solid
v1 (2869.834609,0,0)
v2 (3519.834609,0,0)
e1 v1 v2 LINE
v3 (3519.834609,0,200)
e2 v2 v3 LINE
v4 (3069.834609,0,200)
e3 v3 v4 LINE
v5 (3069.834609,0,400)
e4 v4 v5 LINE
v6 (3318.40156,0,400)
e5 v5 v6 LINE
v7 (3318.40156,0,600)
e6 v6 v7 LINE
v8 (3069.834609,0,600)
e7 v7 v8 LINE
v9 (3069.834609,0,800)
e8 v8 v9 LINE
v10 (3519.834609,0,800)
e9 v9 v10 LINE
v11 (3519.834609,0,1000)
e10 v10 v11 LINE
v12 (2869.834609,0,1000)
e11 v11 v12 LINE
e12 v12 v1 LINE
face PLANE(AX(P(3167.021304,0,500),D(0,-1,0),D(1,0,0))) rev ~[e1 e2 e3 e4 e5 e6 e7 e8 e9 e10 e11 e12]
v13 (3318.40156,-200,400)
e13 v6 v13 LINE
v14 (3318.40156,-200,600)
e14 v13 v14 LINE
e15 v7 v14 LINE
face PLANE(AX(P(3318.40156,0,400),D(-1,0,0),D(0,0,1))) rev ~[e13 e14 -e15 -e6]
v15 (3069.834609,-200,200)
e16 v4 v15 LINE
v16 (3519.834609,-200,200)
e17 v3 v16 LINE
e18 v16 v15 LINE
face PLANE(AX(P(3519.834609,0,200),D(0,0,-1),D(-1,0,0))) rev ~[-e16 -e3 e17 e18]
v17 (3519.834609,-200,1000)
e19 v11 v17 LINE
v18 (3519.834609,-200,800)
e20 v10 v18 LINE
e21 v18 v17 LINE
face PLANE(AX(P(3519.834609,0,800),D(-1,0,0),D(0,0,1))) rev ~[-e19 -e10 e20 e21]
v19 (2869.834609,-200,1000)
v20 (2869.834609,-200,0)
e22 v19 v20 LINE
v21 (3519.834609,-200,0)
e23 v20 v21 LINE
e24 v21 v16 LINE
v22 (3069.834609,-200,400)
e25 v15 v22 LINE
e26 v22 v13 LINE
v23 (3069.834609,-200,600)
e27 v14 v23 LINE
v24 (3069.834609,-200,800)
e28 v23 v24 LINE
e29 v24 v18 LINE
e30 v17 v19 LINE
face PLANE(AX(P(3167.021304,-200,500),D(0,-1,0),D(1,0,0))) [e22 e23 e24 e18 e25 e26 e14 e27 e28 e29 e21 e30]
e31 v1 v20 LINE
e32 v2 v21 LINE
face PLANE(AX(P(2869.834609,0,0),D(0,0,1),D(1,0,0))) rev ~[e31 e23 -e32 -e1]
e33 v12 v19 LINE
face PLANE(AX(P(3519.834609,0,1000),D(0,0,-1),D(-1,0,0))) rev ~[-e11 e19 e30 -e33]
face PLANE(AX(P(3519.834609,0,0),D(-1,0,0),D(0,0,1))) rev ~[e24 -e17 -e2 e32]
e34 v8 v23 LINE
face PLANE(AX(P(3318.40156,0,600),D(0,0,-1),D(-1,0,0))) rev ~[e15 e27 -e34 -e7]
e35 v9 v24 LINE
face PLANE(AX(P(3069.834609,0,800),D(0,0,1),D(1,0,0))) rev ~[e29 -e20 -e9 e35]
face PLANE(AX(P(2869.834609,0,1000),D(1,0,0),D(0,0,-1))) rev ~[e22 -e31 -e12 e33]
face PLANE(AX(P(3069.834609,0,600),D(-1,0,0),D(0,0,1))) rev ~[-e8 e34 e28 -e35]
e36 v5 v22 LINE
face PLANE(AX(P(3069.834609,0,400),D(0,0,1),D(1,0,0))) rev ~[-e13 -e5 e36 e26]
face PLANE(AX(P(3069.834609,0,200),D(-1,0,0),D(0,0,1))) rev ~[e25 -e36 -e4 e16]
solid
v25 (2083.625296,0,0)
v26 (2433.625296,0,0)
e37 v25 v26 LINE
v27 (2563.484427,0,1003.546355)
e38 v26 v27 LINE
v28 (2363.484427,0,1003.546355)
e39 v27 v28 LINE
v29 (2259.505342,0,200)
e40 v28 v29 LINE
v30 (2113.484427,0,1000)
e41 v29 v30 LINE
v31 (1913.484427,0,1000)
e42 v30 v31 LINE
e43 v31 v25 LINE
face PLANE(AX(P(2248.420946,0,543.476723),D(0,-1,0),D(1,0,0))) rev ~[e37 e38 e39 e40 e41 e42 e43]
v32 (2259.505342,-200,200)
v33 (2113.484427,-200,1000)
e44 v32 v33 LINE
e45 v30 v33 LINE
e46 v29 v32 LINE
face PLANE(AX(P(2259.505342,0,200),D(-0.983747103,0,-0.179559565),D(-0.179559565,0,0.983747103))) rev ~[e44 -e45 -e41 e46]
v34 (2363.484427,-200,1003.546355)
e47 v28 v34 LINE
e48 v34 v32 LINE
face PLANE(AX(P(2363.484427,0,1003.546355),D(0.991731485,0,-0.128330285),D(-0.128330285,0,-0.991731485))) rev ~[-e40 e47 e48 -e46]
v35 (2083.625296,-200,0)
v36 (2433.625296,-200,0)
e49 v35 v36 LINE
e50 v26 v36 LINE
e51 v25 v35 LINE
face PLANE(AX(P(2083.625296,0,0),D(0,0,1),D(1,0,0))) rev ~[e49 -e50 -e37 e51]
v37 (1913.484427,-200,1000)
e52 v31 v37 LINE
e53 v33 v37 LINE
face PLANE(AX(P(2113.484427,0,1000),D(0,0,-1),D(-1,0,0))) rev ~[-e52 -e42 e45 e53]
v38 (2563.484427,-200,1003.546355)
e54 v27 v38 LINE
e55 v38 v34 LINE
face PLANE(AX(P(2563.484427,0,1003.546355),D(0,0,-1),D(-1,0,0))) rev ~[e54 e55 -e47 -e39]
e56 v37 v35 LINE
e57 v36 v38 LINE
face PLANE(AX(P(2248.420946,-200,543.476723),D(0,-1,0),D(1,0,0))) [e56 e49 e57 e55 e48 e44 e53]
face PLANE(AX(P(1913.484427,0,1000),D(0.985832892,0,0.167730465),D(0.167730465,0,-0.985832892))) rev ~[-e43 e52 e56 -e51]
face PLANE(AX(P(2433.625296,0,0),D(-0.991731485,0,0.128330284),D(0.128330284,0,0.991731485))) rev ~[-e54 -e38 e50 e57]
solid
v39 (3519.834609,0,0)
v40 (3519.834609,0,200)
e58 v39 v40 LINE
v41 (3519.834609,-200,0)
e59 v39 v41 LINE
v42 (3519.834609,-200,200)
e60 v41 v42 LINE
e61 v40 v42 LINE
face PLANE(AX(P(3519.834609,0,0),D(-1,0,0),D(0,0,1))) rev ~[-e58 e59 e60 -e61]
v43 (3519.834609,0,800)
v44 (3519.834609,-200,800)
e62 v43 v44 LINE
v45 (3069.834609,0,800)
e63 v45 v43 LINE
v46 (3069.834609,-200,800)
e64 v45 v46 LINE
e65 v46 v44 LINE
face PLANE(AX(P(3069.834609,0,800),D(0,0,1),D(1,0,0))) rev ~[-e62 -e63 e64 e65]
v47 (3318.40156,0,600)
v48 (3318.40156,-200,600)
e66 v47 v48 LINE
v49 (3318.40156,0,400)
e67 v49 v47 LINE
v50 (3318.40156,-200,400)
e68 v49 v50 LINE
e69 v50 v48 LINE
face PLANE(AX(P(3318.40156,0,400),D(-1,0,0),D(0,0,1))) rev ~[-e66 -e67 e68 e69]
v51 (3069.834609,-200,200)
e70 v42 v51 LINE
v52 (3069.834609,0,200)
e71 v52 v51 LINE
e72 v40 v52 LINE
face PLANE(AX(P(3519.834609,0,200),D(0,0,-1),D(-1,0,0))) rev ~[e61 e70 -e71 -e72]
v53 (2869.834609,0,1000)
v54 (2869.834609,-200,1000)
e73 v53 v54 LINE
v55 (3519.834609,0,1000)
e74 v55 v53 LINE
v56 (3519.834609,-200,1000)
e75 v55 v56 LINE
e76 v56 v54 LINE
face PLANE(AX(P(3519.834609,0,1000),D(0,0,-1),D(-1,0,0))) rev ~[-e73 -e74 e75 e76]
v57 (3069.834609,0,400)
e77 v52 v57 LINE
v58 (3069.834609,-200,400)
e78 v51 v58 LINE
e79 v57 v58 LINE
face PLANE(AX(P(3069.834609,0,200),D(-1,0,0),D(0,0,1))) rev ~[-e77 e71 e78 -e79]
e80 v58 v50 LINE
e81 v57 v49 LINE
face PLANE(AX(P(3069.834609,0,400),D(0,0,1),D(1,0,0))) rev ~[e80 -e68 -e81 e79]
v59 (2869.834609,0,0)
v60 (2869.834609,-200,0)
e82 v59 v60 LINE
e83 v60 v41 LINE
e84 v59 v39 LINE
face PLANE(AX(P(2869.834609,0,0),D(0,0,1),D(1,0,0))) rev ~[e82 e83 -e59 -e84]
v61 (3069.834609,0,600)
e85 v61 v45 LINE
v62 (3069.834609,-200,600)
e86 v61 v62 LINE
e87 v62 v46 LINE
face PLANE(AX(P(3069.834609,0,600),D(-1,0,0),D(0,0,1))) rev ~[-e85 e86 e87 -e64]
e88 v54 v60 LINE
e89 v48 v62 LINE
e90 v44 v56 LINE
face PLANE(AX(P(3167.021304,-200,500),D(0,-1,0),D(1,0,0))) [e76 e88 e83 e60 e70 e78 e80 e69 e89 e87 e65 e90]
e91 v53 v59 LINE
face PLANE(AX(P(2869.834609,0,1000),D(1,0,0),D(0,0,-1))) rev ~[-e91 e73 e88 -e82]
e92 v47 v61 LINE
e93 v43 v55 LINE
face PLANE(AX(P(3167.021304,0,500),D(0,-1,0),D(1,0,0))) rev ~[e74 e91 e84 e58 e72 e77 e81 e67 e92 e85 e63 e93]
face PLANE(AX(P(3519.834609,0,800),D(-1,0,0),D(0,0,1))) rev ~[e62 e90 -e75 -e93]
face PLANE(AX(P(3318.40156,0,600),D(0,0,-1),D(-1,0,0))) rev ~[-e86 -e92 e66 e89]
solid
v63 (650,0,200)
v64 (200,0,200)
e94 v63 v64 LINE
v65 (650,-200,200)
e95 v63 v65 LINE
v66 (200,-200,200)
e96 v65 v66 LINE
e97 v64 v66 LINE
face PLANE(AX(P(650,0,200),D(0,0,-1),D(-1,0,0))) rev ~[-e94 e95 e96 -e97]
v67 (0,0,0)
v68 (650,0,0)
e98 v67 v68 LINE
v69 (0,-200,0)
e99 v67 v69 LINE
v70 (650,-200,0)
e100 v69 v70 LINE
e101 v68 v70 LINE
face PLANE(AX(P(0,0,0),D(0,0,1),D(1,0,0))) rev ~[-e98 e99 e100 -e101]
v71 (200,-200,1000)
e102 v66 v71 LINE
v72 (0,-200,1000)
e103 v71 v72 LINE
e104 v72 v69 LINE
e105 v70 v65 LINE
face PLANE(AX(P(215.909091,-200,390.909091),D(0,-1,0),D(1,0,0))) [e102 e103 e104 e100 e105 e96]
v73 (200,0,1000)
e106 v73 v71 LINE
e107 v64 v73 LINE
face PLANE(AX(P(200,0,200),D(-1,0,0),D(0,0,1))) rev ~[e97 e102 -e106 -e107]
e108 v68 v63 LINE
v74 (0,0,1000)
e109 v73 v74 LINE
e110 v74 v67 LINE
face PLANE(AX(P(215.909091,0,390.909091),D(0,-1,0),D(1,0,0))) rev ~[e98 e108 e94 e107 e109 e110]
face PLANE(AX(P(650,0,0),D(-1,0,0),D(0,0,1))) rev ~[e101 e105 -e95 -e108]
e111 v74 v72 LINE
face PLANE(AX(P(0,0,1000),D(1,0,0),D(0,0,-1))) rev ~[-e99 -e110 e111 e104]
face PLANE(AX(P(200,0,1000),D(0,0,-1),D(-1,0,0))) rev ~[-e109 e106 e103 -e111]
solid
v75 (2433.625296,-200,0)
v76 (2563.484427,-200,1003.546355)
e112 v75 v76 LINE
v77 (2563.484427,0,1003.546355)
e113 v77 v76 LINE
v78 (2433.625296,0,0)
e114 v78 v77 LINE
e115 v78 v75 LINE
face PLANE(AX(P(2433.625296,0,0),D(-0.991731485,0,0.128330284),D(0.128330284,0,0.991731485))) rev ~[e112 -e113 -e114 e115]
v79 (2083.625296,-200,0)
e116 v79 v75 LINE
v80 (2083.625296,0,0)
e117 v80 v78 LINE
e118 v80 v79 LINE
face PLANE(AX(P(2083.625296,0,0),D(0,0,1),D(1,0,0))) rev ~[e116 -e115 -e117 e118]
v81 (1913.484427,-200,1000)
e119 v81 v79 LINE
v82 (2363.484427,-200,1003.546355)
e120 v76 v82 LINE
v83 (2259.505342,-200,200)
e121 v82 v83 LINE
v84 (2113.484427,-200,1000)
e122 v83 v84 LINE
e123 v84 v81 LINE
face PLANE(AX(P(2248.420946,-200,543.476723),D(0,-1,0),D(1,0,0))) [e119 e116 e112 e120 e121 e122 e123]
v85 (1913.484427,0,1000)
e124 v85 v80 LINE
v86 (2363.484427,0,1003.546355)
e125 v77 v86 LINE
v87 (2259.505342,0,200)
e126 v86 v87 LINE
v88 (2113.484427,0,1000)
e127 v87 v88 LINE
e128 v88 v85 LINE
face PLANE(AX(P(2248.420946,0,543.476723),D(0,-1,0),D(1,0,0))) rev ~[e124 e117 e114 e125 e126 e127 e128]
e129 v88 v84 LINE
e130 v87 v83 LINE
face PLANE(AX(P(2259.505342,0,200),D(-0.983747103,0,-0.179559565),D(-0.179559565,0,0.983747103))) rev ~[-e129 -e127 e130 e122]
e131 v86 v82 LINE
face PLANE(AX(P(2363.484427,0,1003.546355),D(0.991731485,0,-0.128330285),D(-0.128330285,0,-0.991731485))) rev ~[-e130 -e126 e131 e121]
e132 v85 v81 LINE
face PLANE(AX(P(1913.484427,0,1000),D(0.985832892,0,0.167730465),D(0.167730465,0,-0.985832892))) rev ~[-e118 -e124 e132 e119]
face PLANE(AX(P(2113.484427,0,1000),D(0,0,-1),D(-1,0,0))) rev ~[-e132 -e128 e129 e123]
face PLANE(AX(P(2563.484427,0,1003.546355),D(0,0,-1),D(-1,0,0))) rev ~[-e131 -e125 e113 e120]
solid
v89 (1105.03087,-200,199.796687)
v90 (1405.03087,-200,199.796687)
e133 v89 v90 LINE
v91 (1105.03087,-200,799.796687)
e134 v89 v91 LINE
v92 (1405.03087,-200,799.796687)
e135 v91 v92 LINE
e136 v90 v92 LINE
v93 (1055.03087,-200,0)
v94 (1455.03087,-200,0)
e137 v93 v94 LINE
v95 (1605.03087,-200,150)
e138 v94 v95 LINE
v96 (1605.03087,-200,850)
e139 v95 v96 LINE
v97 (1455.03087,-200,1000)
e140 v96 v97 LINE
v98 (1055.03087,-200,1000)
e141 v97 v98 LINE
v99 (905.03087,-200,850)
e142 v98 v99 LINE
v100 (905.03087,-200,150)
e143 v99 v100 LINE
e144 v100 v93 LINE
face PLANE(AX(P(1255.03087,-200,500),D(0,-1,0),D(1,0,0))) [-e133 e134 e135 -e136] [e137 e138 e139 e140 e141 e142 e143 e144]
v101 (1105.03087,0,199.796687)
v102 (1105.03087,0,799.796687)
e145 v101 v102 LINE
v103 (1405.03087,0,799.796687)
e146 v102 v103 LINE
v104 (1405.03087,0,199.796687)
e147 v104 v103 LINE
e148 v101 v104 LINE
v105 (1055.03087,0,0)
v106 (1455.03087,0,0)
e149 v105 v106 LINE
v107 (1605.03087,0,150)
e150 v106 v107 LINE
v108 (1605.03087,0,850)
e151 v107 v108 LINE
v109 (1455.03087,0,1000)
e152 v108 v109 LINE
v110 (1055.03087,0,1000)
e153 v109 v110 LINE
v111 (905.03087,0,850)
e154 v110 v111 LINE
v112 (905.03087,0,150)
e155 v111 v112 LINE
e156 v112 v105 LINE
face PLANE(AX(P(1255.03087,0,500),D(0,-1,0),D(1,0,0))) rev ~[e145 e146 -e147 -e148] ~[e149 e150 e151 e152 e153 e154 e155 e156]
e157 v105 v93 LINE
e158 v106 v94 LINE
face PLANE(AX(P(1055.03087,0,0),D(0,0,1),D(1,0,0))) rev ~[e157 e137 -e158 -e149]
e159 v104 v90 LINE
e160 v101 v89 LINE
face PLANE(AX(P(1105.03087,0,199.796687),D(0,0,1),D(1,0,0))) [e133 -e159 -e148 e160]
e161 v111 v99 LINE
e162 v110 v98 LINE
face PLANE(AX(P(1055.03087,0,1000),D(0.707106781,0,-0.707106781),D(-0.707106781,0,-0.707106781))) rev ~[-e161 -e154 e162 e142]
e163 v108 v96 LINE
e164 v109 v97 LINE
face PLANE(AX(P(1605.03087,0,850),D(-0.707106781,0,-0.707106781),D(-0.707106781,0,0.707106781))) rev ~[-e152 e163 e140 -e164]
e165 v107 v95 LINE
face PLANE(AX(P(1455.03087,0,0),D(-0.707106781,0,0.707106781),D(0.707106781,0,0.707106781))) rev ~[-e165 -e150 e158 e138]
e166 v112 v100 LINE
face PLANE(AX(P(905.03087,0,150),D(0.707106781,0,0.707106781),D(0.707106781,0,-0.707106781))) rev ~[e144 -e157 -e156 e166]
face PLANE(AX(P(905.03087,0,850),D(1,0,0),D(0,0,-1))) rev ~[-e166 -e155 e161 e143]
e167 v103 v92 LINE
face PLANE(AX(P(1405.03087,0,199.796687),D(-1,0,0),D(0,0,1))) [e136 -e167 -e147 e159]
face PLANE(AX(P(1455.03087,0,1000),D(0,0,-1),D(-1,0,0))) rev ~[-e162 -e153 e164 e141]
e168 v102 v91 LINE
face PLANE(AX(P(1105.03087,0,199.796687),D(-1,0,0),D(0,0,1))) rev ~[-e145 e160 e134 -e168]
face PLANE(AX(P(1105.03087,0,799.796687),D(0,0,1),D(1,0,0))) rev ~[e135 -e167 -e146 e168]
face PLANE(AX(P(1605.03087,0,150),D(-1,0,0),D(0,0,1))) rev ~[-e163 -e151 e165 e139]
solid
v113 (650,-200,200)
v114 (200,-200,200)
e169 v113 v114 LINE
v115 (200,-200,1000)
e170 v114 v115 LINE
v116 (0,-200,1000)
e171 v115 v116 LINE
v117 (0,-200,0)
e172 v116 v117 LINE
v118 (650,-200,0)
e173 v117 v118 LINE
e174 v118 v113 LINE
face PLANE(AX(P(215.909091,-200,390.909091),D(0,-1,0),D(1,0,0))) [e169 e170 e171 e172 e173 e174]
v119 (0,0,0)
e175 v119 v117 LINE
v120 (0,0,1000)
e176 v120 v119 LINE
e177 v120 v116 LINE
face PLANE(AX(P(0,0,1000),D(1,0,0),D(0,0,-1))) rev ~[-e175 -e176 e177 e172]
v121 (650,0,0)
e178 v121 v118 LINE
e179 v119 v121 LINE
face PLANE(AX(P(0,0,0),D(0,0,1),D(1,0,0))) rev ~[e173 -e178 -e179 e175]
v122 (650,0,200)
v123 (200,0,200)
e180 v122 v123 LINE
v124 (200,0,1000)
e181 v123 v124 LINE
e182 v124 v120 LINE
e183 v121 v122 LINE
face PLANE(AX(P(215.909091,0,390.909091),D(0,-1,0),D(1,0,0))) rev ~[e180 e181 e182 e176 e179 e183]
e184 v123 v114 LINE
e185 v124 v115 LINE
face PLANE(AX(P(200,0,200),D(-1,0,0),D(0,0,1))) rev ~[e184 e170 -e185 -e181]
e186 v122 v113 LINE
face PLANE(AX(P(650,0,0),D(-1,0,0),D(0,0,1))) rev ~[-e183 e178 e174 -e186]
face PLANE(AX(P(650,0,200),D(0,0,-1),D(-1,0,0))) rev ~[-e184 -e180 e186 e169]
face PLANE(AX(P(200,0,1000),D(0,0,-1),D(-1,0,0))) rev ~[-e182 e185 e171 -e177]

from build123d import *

# Parameters (mm, degrees)
F1_DEPTH = 200
F0_W     = 300
F0_H     = 600
F2_DEPTH = 200


with BuildPart() as f1:
    # F0 (on Front) → F1 (new body)
    with BuildSketch(Plane.XZ):
        Polygon((0, 1000), (0, 0), (650, 0), (650, 200), (200, 200), (200, 1000), align=None)
        Polygon((2113.484427, 1000), (1913.484427, 1000), (2083.625296, 0), (2433.625296, 0), (2563.484427, 1003.546355), (2363.484427, 1003.546355), (2259.505342, 200), align=None)
        Polygon((3519.834609, 1000), (2869.834609, 1000), (2869.834609, 0), (3519.834609, 0), (3519.834609, 200), (3069.834609, 200), (3069.834609, 400), (3318.40156, 400), (3318.40156, 600), (3069.834609, 600), (3069.834609, 800), (3519.834609, 800), align=None)
    extrude(amount=F1_DEPTH)


with BuildPart() as f2:
    # F0 (on Front) → F2 (new body)
    with BuildSketch(Plane.XZ):
        Polygon((0, 1000), (0, 0), (650, 0), (650, 200), (200, 200), (200, 1000), align=None)
        Polygon((905.03087, 150), (1055.03087, 0), (1455.03087, 0), (1605.03087, 150), (1605.03087, 850), (1455.03087, 1000), (1055.03087, 1000), (905.03087, 850), align=None)
        with Locations((1255.03087, 499.796687)):
            Rectangle(F0_W, F0_H, mode=Mode.SUBTRACT)
        Polygon((2113.484427, 1000), (1913.484427, 1000), (2083.625296, 0), (2433.625296, 0), (2563.484427, 1003.546355), (2363.484427, 1003.546355), (2259.505342, 200), align=None)
        Polygon((3519.834609, 1000), (2869.834609, 1000), (2869.834609, 0), (3519.834609, 0), (3519.834609, 200), (3069.834609, 200), (3069.834609, 400), (3318.40156, 400), (3318.40156, 600), (3069.834609, 600), (3069.834609, 800), (3519.834609, 800), align=None)
    extrude(amount=F2_DEPTH)


solid = Compound([f1.part, f2.part])
